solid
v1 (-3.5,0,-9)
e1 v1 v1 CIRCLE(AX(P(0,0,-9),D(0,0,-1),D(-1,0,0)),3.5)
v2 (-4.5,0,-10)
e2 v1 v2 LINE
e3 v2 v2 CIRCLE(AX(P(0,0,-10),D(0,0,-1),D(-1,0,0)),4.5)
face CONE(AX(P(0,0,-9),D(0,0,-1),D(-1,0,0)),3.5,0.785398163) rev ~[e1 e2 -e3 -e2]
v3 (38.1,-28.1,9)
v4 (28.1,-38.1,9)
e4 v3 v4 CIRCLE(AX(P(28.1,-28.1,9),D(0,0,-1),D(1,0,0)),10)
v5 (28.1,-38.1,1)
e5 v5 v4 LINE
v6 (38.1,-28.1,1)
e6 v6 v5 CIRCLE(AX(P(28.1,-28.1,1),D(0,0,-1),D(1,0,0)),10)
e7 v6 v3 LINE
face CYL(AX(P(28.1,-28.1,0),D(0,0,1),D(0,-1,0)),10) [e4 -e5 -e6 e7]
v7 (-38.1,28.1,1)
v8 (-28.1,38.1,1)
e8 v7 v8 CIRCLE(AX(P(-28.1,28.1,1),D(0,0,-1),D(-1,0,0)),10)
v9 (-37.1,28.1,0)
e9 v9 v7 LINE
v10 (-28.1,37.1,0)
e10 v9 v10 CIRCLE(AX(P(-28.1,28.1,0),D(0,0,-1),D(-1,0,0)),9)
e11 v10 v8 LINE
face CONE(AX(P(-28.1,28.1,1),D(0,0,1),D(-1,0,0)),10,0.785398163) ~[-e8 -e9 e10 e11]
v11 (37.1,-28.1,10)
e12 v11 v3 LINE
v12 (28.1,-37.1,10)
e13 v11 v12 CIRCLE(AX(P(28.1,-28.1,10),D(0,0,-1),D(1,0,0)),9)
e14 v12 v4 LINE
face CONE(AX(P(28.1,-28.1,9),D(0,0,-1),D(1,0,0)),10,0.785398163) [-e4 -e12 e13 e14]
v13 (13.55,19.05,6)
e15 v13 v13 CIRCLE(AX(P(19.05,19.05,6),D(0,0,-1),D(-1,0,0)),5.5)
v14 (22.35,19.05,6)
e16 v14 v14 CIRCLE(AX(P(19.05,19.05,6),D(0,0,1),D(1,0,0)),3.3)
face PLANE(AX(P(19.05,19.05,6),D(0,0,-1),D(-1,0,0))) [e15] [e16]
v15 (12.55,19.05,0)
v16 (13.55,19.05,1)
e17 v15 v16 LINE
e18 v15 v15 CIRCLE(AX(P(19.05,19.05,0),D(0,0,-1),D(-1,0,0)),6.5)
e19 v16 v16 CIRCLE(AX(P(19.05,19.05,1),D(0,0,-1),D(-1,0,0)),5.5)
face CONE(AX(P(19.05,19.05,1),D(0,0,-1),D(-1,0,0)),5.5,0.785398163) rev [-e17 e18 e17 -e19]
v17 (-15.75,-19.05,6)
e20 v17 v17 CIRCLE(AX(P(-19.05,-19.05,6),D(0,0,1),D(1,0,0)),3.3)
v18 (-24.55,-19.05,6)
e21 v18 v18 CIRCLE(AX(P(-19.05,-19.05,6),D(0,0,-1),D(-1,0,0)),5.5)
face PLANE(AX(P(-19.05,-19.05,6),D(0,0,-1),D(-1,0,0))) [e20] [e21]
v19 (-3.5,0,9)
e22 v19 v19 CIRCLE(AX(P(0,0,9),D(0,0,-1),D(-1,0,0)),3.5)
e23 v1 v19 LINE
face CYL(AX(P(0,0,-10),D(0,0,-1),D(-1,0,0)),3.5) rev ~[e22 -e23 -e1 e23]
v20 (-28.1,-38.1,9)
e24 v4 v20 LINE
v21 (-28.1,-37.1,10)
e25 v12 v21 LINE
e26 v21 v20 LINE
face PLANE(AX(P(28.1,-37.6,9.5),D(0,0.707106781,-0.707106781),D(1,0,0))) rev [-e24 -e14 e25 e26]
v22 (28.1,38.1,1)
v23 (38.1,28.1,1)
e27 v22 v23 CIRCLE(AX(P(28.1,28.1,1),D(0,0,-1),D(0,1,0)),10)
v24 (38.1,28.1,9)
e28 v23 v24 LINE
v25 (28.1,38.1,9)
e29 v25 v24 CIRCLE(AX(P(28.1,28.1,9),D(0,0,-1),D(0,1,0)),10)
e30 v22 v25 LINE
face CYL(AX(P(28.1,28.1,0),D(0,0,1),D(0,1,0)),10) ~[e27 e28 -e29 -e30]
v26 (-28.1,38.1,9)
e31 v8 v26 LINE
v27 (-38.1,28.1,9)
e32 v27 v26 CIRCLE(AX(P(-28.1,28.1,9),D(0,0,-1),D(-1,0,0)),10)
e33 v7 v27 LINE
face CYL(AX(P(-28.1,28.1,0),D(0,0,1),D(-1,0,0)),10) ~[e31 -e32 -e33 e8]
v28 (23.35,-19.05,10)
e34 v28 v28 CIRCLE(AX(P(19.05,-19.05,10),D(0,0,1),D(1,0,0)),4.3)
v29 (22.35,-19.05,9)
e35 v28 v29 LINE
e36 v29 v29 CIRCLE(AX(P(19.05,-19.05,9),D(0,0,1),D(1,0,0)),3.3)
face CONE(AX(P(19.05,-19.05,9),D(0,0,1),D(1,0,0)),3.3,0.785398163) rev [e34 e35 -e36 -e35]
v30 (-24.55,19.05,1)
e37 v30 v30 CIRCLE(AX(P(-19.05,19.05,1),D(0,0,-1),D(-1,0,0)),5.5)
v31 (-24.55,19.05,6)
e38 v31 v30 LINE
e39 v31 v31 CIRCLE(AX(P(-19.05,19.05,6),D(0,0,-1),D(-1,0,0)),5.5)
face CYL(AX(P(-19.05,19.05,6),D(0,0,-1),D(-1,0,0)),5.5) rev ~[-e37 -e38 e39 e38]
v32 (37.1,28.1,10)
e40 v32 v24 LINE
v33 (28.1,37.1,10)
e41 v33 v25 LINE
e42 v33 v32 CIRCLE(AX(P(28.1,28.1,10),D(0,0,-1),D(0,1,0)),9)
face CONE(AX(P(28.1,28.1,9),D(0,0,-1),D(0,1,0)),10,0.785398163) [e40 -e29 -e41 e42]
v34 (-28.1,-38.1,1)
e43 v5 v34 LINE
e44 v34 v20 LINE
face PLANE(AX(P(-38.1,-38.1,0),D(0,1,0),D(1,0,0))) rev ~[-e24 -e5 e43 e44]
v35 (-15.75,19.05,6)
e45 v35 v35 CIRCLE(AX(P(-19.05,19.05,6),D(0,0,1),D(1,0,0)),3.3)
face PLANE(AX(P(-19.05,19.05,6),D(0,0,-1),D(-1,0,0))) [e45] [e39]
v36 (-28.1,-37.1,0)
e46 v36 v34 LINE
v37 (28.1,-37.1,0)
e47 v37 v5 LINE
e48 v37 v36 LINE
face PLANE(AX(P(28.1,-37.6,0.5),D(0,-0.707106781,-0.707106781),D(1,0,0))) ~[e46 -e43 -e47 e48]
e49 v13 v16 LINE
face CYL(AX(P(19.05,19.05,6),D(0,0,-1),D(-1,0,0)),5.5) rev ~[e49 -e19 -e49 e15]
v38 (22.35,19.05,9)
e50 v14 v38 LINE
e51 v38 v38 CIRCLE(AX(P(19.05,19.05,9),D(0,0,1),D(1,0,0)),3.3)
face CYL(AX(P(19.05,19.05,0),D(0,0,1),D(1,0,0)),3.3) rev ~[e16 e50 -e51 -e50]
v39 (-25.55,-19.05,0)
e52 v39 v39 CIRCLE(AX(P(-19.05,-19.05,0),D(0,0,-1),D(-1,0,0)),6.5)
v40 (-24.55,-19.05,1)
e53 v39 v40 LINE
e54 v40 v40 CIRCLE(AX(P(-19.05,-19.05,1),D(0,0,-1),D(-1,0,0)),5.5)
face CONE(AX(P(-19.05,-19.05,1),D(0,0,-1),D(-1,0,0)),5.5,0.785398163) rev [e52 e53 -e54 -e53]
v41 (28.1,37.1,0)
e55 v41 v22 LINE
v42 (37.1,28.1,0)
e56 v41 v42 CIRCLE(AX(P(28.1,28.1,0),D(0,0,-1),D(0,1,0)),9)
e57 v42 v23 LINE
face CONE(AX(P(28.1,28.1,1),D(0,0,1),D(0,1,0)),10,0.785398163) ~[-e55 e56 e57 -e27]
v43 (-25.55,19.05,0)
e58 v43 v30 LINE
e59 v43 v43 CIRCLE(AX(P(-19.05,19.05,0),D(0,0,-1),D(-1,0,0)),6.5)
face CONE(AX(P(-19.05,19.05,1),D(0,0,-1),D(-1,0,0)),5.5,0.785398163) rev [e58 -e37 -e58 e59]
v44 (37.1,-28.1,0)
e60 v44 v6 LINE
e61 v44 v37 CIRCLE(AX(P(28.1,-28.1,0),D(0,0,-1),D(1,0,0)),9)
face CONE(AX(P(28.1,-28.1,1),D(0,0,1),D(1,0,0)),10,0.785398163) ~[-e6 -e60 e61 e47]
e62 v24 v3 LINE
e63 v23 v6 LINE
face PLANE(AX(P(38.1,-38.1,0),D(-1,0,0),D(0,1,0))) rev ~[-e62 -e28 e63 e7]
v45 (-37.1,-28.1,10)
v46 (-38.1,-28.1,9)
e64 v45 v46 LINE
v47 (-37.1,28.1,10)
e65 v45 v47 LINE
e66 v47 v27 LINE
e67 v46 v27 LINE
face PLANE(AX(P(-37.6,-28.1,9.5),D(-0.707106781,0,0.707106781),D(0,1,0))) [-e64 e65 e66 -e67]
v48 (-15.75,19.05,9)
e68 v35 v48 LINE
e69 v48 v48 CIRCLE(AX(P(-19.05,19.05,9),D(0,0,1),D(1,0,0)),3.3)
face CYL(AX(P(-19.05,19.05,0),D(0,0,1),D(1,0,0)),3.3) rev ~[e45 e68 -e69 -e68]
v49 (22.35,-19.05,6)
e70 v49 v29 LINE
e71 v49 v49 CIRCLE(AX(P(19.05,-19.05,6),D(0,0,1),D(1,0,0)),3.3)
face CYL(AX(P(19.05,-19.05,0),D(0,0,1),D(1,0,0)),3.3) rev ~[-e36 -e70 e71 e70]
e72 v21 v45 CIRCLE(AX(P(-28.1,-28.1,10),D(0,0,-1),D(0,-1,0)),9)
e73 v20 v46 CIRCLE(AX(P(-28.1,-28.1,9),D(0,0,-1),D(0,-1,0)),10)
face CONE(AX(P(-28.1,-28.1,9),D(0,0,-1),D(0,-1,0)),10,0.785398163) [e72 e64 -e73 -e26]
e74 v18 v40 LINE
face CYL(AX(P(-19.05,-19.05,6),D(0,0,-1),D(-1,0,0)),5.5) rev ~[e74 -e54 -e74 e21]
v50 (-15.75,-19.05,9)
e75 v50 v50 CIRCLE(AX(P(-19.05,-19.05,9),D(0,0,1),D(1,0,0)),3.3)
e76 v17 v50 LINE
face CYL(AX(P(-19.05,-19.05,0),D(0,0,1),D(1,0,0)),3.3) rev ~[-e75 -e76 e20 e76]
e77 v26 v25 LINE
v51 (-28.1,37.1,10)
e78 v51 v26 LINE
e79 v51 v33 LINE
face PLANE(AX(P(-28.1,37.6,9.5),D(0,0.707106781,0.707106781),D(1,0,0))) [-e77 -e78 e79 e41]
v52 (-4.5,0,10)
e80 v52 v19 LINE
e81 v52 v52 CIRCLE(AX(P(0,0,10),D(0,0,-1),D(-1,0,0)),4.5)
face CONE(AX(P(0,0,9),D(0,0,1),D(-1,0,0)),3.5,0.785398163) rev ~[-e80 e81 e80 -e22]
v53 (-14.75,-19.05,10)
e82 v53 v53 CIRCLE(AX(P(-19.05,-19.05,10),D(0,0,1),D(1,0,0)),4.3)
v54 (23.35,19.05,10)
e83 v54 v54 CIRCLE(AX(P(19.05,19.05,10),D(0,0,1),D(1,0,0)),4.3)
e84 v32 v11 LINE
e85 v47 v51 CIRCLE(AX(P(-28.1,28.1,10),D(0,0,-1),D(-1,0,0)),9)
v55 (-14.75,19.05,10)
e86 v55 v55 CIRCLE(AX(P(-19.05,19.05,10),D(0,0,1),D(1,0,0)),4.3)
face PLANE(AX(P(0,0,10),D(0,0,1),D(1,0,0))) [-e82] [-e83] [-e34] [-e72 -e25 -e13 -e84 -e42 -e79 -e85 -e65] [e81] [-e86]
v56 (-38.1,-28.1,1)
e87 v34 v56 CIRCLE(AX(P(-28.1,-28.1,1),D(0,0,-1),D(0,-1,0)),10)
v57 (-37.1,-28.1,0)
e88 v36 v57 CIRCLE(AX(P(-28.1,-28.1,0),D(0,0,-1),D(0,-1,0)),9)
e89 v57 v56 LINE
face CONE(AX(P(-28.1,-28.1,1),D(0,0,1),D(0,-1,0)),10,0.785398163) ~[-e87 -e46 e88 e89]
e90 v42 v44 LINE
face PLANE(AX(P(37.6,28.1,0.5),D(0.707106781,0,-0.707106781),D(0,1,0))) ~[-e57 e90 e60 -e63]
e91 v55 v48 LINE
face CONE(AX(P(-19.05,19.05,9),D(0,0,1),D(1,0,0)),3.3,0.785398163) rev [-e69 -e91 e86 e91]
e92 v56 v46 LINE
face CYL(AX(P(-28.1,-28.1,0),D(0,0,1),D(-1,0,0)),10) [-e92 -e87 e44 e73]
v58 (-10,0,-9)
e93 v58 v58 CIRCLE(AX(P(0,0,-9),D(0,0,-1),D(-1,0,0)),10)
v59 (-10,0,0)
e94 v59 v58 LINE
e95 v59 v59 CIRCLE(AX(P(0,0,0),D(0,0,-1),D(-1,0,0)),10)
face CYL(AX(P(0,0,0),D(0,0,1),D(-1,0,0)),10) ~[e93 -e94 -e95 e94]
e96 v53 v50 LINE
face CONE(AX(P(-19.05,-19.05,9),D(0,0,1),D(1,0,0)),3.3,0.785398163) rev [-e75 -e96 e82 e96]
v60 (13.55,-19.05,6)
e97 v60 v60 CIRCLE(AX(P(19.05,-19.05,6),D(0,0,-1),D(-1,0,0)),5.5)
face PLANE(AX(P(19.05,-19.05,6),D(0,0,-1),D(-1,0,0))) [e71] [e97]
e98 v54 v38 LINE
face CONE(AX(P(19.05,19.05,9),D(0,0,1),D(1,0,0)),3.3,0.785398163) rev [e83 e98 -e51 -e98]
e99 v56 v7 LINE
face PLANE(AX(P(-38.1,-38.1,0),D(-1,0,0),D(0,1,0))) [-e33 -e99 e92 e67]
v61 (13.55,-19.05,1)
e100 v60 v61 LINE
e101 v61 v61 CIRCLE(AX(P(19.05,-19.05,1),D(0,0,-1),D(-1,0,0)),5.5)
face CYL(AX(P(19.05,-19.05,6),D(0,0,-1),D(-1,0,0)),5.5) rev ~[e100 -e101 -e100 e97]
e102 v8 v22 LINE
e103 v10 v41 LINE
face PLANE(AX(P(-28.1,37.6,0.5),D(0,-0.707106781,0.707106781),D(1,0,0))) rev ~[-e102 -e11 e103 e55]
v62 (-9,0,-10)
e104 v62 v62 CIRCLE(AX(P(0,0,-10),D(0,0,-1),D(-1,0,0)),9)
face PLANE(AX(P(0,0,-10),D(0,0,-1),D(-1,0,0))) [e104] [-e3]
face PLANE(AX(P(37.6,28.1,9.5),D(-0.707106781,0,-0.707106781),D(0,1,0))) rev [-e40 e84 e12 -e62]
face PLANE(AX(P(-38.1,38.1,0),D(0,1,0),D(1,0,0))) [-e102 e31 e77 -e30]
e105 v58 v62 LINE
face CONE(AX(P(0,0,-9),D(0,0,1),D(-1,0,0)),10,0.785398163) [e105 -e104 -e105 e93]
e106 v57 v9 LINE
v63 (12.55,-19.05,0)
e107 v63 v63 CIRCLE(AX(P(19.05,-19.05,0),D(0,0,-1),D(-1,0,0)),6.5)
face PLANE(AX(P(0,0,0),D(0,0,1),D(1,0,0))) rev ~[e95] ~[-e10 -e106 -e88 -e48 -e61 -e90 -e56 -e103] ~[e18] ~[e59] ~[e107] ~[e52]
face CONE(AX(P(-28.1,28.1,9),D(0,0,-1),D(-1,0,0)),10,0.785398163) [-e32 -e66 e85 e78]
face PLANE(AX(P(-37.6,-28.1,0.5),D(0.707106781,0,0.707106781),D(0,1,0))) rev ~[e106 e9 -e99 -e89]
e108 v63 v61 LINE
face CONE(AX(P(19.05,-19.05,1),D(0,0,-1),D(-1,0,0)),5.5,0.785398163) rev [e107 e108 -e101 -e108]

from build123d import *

# Parameters (mm, degrees)
SKETCH3_W                                     = 76.2
SKETCH3_H                                     = 76.2
BOSS_EXTRUDE3_DEPTH                           = 10
CBORE_FOR_M6_HEX_SOCKET_HEAD_CAP1_D           = 6.6
CBORE_FOR_M6_HEX_SOCKET_HEAD_CAP1_CBORE_D     = 11
CBORE_FOR_M6_HEX_SOCKET_HEAD_CAP1_CBORE_DEPTH = 6
FILLET1_R                                     = 10
SKETCH2_R                                     = 10
BOSS_EXTRUDE4_DEPTH                           = 10
SKETCH9_R                                     = 3.5
CUT_EXTRUDE1_DEPTH                            = 58.473646135
CHAMFER1_SIZE                                 = 1


with BuildPart() as part:
    # Sketch3 → Boss-Extrude3 (new body)
    with BuildSketch(Plane.XY):
        Rectangle(SKETCH3_W, SKETCH3_H)
    extrude(amount=BOSS_EXTRUDE3_DEPTH)

    # CBORE for M6 Hex Socket Head Cap1 (through all)
    with Locations(Plane(origin=(0, 0, 0), x_dir=(-1, 0, 0), z_dir=(0, 0, -1))):
        with Locations((19.05, 19.05), (19.05, -19.05), (-19.05, 19.05), (-19.05, -19.05)):
            CounterBoreHole(CBORE_FOR_M6_HEX_SOCKET_HEAD_CAP1_D / 2, CBORE_FOR_M6_HEX_SOCKET_HEAD_CAP1_CBORE_D / 2, CBORE_FOR_M6_HEX_SOCKET_HEAD_CAP1_CBORE_DEPTH)

    # Fillet1
    fillet1_edges = [part.edges().sort_by_distance(p)[0] for p in [
        (38.1, -38.1, 5),
        (-38.1, -38.1, 5),
        (-38.1, 38.1, 5),
        (38.1, 38.1, 5),
    ]]
    fillet(fillet1_edges, radius=FILLET1_R)

    # Sketch2 → Boss-Extrude4 (add)
    with BuildSketch(Plane(origin=(0, 0, 0), x_dir=(-1, 0, 0), z_dir=(0, 0, -1))):
        Circle(SKETCH2_R)
    extrude(amount=BOSS_EXTRUDE4_DEPTH)

    # Sketch9 → Cut-Extrude1 (cut, through all)
    with BuildSketch(Plane(origin=(0, 0, -10), x_dir=(-1, 0, 0), z_dir=(0, 0, -1))):
        Circle(SKETCH9_R)
    extrude(amount=-CUT_EXTRUDE1_DEPTH, mode=Mode.SUBTRACT)

    # Chamfer1
    chamfer1_edges = [part.edges().sort_by_distance(p)[0] for p in [
        (24.55, -19.05, 0),
        (15.75, -19.05, 10),
        (24.55, 19.05, 0),
        (15.75, 19.05, 10),
        (-13.55, -19.05, 0),
        (-22.35, -19.05, 10),
        (-13.55, 19.05, 0),
        (-22.35, 19.05, 10),
        (0, 38.1, 0),
        (0, 38.1, 10),
        (38.1, 0, 0),
        (0, -38.1, 0),
        (-38.1, 0, 0),
        (-35.171067812, 35.171067812, 0),
        (-35.171067812, -35.171067812, 0),
        (35.171067812, -35.171067812, 0),
        (35.171067812, 35.171067812, 0),
        (38.1, 0, 10),
        (-38.1, 0, 10),
        (0, -38.1, 10),
        (-35.171067812, 35.171067812, 10),
        (-35.171067812, -35.171067812, 10),
        (35.171067812, -35.171067812, 10),
        (35.171067812, 35.171067812, 10),
        (10, 0, -10),
        (3.5, 0, 10),
        (3.5, 0, -10),
    ]]
    chamfer(chamfer1_edges, length=CHAMFER1_SIZE)


solid = part.part
